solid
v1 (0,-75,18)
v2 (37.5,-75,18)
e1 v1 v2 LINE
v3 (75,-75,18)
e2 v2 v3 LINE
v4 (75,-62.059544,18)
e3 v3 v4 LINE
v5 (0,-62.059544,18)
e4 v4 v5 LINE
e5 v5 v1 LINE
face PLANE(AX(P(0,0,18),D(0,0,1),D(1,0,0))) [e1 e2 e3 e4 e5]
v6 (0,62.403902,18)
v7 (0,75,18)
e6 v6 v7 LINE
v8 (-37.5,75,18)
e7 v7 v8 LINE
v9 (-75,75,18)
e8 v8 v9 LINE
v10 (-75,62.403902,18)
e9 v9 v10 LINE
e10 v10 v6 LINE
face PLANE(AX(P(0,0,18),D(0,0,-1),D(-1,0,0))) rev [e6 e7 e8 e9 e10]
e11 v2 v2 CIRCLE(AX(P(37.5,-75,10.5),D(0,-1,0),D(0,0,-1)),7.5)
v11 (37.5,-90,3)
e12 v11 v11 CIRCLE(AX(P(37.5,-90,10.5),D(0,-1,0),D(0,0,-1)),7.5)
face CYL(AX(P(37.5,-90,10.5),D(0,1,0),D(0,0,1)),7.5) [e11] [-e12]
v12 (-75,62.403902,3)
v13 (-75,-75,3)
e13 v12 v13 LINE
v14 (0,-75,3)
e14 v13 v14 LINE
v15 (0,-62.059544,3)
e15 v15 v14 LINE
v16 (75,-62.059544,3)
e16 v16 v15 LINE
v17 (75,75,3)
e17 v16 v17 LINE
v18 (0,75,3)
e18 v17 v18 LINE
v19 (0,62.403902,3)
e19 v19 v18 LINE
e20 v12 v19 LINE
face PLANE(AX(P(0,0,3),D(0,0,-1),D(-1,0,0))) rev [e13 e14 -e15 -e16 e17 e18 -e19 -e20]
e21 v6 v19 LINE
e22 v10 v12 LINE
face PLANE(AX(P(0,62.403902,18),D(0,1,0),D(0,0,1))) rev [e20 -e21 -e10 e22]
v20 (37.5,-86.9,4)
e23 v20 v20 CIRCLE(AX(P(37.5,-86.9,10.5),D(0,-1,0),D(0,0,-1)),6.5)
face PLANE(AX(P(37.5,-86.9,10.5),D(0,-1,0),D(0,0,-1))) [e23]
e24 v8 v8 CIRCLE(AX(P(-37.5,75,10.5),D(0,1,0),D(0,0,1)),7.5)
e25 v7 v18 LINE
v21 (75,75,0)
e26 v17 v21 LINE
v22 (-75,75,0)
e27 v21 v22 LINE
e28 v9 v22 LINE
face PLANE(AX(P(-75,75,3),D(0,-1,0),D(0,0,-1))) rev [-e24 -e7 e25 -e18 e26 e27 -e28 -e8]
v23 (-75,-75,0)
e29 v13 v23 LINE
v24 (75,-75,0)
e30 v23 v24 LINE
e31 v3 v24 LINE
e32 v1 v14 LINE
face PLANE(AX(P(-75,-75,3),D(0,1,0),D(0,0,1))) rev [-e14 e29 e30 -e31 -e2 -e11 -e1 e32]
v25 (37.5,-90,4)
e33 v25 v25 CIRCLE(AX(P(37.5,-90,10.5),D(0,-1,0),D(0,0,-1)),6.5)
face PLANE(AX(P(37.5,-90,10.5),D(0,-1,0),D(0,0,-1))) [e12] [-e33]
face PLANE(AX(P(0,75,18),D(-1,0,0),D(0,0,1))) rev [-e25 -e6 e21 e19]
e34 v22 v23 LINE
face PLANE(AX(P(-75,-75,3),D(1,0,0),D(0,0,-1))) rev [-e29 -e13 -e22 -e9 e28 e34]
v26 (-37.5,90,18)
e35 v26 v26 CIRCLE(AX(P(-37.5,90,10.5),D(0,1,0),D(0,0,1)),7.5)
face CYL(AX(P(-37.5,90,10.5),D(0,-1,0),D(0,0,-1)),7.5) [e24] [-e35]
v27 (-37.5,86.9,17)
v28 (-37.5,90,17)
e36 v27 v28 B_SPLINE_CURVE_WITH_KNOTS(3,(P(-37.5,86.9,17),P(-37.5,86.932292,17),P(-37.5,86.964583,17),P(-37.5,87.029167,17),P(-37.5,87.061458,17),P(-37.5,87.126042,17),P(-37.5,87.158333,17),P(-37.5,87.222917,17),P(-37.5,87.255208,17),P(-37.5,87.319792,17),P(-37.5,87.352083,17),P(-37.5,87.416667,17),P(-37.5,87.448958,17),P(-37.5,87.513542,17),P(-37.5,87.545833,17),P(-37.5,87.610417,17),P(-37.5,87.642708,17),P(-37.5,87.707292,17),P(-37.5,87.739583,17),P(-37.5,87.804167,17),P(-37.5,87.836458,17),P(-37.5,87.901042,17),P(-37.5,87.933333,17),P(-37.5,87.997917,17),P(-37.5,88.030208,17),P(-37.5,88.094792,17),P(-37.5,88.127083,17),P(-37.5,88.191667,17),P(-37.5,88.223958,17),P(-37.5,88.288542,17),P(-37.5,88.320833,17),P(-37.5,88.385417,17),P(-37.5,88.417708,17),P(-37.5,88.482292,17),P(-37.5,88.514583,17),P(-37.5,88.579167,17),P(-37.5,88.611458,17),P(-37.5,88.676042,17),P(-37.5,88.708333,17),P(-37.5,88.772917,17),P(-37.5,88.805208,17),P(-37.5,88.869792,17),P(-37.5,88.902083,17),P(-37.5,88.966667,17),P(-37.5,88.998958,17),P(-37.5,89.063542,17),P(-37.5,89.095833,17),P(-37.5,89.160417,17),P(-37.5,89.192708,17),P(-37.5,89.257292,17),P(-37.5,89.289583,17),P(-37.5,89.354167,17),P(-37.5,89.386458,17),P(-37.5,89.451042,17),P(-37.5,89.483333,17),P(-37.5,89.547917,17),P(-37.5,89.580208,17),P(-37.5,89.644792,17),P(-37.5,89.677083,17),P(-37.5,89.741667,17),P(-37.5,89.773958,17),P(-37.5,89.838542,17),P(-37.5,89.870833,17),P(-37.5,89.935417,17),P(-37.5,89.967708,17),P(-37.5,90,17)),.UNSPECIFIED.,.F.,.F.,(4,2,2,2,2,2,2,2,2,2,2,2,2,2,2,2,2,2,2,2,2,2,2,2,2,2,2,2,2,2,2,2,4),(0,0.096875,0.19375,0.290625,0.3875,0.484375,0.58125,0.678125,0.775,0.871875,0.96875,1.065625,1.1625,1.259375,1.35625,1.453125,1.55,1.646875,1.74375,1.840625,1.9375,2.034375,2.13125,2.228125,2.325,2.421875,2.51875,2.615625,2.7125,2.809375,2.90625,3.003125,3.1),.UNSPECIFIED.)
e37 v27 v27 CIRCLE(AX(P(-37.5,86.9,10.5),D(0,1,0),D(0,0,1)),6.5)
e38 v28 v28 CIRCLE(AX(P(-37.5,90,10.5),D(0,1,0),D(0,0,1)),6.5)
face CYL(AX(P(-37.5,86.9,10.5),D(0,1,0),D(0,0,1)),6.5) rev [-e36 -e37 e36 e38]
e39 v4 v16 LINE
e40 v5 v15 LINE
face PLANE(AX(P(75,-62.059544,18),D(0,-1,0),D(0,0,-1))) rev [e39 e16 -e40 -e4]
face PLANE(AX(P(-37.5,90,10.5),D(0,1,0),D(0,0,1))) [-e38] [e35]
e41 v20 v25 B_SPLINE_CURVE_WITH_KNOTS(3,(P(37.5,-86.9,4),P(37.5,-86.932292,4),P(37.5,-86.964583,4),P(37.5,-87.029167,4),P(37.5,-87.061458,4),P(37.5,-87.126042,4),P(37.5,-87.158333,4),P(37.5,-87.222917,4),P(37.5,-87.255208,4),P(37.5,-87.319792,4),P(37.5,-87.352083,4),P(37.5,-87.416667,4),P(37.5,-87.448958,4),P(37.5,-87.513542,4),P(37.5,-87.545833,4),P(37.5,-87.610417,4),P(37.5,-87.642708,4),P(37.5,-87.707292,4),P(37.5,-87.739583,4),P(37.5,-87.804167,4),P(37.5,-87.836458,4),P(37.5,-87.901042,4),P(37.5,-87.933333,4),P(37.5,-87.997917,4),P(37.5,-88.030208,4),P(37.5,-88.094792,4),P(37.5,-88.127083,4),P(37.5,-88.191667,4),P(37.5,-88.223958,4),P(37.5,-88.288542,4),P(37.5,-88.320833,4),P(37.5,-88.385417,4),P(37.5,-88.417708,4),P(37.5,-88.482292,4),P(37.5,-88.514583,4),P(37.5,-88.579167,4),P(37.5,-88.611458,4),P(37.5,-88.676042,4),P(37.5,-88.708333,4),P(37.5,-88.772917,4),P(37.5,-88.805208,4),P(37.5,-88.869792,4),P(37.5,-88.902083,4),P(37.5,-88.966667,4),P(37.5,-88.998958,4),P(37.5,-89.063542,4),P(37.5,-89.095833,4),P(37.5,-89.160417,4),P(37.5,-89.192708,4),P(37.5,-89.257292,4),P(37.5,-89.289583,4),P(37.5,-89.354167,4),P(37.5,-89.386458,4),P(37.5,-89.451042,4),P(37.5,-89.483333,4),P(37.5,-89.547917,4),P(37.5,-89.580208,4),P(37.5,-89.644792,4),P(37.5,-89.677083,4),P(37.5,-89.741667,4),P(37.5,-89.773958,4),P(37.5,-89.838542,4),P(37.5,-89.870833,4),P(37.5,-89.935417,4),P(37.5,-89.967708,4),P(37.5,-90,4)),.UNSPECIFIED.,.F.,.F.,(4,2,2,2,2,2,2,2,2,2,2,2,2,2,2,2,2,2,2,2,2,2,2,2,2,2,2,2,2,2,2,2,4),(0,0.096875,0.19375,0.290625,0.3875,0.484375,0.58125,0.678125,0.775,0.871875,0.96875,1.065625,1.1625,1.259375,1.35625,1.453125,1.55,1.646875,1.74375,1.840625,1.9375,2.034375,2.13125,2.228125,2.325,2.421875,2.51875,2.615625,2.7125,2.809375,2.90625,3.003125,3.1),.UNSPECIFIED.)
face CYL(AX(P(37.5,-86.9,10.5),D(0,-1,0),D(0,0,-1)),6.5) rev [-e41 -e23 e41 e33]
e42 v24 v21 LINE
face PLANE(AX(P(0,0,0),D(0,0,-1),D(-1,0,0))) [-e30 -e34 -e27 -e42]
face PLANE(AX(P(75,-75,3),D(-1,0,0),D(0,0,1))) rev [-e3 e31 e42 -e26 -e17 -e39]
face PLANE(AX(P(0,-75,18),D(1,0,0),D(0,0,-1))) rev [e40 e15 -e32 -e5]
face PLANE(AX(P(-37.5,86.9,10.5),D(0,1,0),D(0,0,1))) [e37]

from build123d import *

# Parameters (mm, degrees)
SKETCH1_W           = 150
SKETCH1_H           = 150
BOSS_EXTRUDE1_DEPTH = 3
SKETCH2_R           = 7.5
BOSS_EXTRUDE2_DEPTH = 15
SKETCH4_R           = 7.5
BOSS_EXTRUDE3_DEPTH = 15
SKETCH8_R           = 6.5
CUT_EXTRUDE1_DEPTH  = 3.1
SKETCH9_R           = 6.5
CUT_EXTRUDE2_DEPTH  = 3.1
SKETCH10_W          = 75
SKETCH10_H          = 12.59609842
SKETCH10_H_2        = 12.940455582
BOSS_EXTRUDE4_DEPTH = 15


with BuildPart() as part:
    # Sketch1 → Boss-Extrude1 (new body)
    with BuildSketch(Plane.XY):
        Rectangle(SKETCH1_W, SKETCH1_H)
    extrude(amount=BOSS_EXTRUDE1_DEPTH)



with BuildPart() as body_2:
    # Sketch2 → Boss-Extrude2 (new body)
    with BuildSketch(Plane.XZ.offset(75)):
        with Locations(Location((37.5, 10.5, 0), (0, 0, 270))):
            Circle(SKETCH2_R)
    extrude(amount=BOSS_EXTRUDE2_DEPTH)

    # Sketch8 → Cut-Extrude1 (cut)
    with BuildSketch(Plane.XZ.offset(90)):
        with Locations(Location((37.5, 10.5, 0), (0, 0, 270))):
            Circle(SKETCH8_R)
    extrude(amount=-CUT_EXTRUDE1_DEPTH, mode=Mode.SUBTRACT)


with BuildPart() as body_3:
    # Sketch4 → Boss-Extrude3 (new body)
    with BuildSketch(Plane(origin=(0, 75, 0), x_dir=(1, 0, 0), z_dir=(0, 1, 0))):
        with Locations(Location((-37.5, -10.5, 0), (0, 0, 270))):
            Circle(SKETCH4_R)
    extrude(amount=BOSS_EXTRUDE3_DEPTH)

    # Sketch9 → Cut-Extrude2 (cut)
    with BuildSketch(Plane(origin=(0, 90, 0), x_dir=(1, 0, 0), z_dir=(0, 1, 0))):
        with Locations(Location((-37.5, -10.5, 0), (0, 0, 270))):
            Circle(SKETCH9_R)
    extrude(amount=-CUT_EXTRUDE2_DEPTH, mode=Mode.SUBTRACT)


with BuildPart() as part_1:
    add(part.part)

    add(body_2.part)  # Boss-Extrude4 merges body 2

    add(body_3.part)  # Boss-Extrude4 merges body 3
    # Sketch10 → Boss-Extrude4 (add)
    with BuildSketch(Plane.XY.offset(3)):
        with Locations((-37.5, 68.70195079)):
            Rectangle(SKETCH10_W, SKETCH10_H)
        with Locations((37.5, -68.529772209)):
            Rectangle(SKETCH10_W, SKETCH10_H_2)
    extrude(amount=BOSS_EXTRUDE4_DEPTH)


solid = part_1.part
